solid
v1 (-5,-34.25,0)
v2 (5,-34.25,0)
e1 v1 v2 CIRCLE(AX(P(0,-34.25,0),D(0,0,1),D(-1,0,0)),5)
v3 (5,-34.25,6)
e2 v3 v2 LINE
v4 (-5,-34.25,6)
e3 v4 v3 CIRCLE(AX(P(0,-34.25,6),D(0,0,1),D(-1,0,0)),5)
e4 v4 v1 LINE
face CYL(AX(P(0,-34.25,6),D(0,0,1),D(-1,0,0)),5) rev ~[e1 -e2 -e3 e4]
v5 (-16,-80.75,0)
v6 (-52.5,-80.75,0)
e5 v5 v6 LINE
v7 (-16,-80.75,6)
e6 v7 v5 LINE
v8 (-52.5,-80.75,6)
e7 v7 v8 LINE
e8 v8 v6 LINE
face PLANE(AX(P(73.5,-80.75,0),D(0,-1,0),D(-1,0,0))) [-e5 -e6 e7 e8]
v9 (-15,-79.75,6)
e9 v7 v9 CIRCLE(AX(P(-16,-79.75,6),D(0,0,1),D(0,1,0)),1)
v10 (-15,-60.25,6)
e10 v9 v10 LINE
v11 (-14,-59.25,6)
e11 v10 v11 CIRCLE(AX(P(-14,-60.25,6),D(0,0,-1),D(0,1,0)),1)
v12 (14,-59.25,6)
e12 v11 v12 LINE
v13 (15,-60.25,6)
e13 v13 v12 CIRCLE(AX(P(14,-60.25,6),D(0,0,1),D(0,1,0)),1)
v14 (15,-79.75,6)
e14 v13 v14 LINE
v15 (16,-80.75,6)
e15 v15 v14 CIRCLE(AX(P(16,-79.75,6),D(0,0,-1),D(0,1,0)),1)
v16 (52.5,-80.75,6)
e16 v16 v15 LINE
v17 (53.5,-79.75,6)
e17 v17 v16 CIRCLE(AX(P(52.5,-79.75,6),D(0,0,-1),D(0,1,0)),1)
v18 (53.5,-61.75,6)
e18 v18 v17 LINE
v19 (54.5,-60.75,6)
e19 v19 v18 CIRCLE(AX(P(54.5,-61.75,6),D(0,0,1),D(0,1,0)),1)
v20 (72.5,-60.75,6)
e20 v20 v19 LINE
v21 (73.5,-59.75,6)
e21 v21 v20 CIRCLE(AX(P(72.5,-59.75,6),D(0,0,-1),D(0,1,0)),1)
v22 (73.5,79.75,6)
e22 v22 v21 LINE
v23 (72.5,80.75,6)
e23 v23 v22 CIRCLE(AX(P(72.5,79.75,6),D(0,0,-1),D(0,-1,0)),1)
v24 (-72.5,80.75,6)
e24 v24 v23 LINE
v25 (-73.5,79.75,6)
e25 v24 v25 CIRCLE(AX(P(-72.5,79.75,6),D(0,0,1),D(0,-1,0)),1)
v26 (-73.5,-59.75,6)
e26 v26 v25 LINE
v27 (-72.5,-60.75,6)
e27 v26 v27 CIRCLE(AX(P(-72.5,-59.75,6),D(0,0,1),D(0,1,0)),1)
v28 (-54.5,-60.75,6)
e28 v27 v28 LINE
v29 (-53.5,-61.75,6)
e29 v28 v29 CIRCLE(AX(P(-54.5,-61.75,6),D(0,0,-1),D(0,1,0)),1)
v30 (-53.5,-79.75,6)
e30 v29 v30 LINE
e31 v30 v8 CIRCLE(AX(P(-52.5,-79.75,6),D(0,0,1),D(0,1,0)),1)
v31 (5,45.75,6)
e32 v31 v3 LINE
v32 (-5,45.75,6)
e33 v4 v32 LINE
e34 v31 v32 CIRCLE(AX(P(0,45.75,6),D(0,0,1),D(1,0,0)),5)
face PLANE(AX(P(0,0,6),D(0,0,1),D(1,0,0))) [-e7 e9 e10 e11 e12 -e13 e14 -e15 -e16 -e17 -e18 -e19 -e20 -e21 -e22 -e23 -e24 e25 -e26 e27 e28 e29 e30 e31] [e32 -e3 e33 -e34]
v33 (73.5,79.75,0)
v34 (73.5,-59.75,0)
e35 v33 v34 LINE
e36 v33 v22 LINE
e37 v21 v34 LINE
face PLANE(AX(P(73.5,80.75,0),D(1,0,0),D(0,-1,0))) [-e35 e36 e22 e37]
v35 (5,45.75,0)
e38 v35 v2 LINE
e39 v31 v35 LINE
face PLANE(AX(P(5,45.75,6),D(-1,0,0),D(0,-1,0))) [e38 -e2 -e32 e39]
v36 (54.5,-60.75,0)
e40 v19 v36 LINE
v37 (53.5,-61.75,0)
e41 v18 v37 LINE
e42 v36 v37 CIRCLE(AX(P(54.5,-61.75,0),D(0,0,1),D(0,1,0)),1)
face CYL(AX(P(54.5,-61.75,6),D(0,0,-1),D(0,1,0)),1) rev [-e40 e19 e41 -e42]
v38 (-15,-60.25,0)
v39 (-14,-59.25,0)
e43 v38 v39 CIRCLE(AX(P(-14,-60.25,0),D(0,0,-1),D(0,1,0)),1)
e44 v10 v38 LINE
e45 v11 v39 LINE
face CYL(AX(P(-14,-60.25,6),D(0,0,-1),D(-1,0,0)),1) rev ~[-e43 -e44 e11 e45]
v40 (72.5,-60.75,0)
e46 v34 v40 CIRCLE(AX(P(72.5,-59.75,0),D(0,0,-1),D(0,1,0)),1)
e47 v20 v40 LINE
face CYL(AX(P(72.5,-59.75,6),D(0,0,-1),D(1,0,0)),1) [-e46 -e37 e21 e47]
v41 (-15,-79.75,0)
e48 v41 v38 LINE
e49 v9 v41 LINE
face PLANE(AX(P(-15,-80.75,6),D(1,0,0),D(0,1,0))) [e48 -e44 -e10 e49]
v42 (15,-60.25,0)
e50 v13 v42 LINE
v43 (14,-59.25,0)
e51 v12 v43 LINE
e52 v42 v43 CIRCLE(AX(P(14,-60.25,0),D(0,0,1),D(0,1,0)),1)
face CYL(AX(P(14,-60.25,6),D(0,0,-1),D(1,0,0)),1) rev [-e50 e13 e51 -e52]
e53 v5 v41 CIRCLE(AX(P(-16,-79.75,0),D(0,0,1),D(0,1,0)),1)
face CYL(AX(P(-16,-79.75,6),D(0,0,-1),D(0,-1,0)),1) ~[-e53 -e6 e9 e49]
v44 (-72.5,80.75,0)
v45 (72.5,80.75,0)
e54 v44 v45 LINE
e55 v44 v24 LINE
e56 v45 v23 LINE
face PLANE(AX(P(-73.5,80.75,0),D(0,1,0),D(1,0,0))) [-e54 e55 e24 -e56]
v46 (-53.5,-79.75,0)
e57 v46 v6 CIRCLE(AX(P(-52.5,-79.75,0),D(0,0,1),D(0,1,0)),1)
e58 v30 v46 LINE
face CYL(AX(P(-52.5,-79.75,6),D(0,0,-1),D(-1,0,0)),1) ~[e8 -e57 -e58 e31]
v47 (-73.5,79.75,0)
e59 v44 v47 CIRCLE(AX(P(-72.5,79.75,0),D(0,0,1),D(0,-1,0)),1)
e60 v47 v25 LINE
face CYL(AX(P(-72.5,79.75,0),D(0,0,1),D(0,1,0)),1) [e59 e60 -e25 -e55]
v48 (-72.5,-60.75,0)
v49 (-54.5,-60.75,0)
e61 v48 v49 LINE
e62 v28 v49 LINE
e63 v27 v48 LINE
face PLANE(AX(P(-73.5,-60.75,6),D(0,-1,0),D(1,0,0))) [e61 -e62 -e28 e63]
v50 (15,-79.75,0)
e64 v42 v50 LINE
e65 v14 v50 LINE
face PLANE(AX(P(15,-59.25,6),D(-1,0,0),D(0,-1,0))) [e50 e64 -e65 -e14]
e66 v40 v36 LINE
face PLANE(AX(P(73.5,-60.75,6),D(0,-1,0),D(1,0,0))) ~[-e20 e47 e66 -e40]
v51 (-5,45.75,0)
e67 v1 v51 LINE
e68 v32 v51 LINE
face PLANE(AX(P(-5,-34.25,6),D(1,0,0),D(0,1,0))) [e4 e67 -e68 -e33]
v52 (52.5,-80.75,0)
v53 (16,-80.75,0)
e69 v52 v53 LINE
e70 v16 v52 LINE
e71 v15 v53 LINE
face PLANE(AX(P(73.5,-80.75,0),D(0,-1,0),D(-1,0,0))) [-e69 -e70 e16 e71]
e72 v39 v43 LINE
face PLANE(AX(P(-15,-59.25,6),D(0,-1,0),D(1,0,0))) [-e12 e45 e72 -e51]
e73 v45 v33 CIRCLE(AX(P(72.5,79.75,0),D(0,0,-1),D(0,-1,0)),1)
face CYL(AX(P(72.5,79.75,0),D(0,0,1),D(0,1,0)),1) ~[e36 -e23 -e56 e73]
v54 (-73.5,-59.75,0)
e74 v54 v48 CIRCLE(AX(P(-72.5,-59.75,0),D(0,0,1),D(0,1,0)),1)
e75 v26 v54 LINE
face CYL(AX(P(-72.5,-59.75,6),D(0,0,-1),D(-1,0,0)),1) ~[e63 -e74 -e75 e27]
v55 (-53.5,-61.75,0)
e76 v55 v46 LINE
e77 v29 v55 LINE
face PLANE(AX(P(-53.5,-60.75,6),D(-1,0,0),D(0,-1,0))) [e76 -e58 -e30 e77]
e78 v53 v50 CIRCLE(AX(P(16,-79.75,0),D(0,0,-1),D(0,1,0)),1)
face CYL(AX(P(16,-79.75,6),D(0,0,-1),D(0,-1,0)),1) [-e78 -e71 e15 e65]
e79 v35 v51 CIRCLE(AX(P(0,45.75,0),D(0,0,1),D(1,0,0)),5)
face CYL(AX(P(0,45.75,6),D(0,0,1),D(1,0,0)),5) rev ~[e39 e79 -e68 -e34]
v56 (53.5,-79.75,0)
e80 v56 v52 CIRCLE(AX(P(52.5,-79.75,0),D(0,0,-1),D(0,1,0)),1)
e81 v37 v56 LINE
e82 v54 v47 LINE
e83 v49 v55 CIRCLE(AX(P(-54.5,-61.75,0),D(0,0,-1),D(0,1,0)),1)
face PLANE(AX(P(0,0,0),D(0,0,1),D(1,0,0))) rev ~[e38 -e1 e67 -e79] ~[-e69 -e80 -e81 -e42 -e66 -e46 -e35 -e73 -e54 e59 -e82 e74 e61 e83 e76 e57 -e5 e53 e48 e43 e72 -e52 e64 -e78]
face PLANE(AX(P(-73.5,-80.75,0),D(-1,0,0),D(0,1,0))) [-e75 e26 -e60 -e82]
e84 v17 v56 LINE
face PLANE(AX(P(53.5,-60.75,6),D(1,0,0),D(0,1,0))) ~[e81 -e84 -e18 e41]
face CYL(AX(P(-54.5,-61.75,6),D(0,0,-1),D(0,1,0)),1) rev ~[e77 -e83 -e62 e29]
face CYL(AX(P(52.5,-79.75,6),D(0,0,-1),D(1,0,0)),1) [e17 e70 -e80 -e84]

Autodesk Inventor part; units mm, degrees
sketch "Sketch1" plane through (0, 0, 0) normal (0, 0, 1) x (1, 0, 0)
  line L0 (-73.5, 80.75) -> (73.5, 80.75)
  line L1 (73.5, 80.75) -> (73.5, -80.75)
  line L2 (73.5, -80.75) -> (-73.5, -80.75)
  line L3 (-73.5, -80.75) -> (-73.5, 80.75)
  point P0 (0, 80.75)
  point P1 (0, 0)
  point P2 (-73.5, 0)
  dimension "d0" = 147
  dimension "d1" = 161.5
extrude "Extrusion1" add sketch "Sketch1" along normal blind 6
sketch "Sketch2" plane through (0, 0, 6) normal (0, 0, 1) x (1, 0, 0)
  line L0 (-73.5, 80.75) -> (-73.5, -80.75) projected
  line L1 (-73.5, -80.75) -> (-73.5, -60.75)
  line L2 (-53.5, -80.75) -> (-73.5, -80.75)
  line L3 (-73.5, -60.75) -> (-53.5, -60.75)
  line L4 (-53.5, -60.75) -> (-53.5, -80.75)
  line L5 (-73.5, -80.75) -> (73.5, -80.75) projected
  line L6 (-53.5, -80.75) -> (-73.5, -80.75)
  point P0 (0, 0)
  point P1 (40.5, -62.5)
  dimension "d14" = 20
  dimension "d18" = 20
extrude "Extrusion2" cut sketch "Sketch2" against normal blind 15
mirror "Mirror1" about plane through (0, 0, 0) normal (1, 0, 0) of "Extrusion2"
sketch "Sketch5" plane through (0, 0, 6) normal (0, 0, 1) x (1, 0, 0)
  line L0 (-15, -59.25) -> (15, -59.25)
  line L1 (15, -59.25) -> (15, -80.75)
  line L2 (15, -80.75) -> (-15, -80.75)
  line L3 (-15, -80.75) -> (-15, -59.25)
  line L4 (-53.5, -80.75) -> (53.5, -80.75) projected
  point P0 (0, 0)
  point P1 (0, -80.75)
  point P2 (0, -80.75)
  point P3 (0, -80.75)
  dimension "d19" = 30
  dimension "d20" = 21.5
extrude "Extrusion4" cut sketch "Sketch5" against normal blind 6
sketch "Sketch3" plane through (0, 0, 6) normal (0, 0, 1) x (1, 0, 0)
  line L0 (-73.5, -80.75) -> (73.5, -80.75) projected
  line L1 (-15, -59.25) -> (15, -59.25) projected
  line L2 (0, -80.75) -> (0, -69.25) construction
  line L3 (0, -69.25) -> (0, -44.25) construction
  line L4 (0, -44.25) -> (0, -34.25) construction
  line L5 (-5, 45.75) -> (5, 45.75) construction
  line L6 (5, 45.75) -> (5, -34.25)
  line L7 (5, -34.25) -> (-5, -34.25) construction
  line L8 (-5, -34.25) -> (-5, 45.75)
  arc A0 (-5, -34.25) -> (5, -34.25) centre (0, -34.25) ccw
  arc A1 (5, 45.75) -> (-5, 45.75) centre (0, 45.75) ccw
  line L9 (73.5, 80.75) -> (-73.5, 80.75) projected
  line L10 (0, 80.75) -> (0, 55.75) construction
  line L11 (0, 55.75) -> (0, 45.75) construction
  point P0 (0, 0)
  point P1 (-40.5, -62.5)
  point P2 (40.5, -62.5)
  point P3 (73.5, -80.75)
  dimension "d23" = 11.5
  dimension "d24" = 25
  dimension "d26" = 10
  dimension "d27" = 10
  dimension "d29" = 25
  dimension "d30" = 10
extrude "Extrusion3" cut sketch "Sketch3" against normal blind 6
fillet "Fillet1" radius 1 12 edges at (-73.5, 80.75, 3) (73.5, 80.75, 3) (73.5, -60.75, 3) (53.5, -60.75, 3) (53.5, -80.75, 3) (15, -80.75, 3) (15, -59.25, 3) (-15, -59.25, 3) (-15, -80.75, 3) (-53.5, -80.75, 3) (-73.5, -60.75, 3) (-53.5, -60.75, 3)
equation "\"d7\" = d5"
equation "\"d5\" = 15"
properties part number "Hammer_wall" material "MDF Medium Density Fiberboard"
